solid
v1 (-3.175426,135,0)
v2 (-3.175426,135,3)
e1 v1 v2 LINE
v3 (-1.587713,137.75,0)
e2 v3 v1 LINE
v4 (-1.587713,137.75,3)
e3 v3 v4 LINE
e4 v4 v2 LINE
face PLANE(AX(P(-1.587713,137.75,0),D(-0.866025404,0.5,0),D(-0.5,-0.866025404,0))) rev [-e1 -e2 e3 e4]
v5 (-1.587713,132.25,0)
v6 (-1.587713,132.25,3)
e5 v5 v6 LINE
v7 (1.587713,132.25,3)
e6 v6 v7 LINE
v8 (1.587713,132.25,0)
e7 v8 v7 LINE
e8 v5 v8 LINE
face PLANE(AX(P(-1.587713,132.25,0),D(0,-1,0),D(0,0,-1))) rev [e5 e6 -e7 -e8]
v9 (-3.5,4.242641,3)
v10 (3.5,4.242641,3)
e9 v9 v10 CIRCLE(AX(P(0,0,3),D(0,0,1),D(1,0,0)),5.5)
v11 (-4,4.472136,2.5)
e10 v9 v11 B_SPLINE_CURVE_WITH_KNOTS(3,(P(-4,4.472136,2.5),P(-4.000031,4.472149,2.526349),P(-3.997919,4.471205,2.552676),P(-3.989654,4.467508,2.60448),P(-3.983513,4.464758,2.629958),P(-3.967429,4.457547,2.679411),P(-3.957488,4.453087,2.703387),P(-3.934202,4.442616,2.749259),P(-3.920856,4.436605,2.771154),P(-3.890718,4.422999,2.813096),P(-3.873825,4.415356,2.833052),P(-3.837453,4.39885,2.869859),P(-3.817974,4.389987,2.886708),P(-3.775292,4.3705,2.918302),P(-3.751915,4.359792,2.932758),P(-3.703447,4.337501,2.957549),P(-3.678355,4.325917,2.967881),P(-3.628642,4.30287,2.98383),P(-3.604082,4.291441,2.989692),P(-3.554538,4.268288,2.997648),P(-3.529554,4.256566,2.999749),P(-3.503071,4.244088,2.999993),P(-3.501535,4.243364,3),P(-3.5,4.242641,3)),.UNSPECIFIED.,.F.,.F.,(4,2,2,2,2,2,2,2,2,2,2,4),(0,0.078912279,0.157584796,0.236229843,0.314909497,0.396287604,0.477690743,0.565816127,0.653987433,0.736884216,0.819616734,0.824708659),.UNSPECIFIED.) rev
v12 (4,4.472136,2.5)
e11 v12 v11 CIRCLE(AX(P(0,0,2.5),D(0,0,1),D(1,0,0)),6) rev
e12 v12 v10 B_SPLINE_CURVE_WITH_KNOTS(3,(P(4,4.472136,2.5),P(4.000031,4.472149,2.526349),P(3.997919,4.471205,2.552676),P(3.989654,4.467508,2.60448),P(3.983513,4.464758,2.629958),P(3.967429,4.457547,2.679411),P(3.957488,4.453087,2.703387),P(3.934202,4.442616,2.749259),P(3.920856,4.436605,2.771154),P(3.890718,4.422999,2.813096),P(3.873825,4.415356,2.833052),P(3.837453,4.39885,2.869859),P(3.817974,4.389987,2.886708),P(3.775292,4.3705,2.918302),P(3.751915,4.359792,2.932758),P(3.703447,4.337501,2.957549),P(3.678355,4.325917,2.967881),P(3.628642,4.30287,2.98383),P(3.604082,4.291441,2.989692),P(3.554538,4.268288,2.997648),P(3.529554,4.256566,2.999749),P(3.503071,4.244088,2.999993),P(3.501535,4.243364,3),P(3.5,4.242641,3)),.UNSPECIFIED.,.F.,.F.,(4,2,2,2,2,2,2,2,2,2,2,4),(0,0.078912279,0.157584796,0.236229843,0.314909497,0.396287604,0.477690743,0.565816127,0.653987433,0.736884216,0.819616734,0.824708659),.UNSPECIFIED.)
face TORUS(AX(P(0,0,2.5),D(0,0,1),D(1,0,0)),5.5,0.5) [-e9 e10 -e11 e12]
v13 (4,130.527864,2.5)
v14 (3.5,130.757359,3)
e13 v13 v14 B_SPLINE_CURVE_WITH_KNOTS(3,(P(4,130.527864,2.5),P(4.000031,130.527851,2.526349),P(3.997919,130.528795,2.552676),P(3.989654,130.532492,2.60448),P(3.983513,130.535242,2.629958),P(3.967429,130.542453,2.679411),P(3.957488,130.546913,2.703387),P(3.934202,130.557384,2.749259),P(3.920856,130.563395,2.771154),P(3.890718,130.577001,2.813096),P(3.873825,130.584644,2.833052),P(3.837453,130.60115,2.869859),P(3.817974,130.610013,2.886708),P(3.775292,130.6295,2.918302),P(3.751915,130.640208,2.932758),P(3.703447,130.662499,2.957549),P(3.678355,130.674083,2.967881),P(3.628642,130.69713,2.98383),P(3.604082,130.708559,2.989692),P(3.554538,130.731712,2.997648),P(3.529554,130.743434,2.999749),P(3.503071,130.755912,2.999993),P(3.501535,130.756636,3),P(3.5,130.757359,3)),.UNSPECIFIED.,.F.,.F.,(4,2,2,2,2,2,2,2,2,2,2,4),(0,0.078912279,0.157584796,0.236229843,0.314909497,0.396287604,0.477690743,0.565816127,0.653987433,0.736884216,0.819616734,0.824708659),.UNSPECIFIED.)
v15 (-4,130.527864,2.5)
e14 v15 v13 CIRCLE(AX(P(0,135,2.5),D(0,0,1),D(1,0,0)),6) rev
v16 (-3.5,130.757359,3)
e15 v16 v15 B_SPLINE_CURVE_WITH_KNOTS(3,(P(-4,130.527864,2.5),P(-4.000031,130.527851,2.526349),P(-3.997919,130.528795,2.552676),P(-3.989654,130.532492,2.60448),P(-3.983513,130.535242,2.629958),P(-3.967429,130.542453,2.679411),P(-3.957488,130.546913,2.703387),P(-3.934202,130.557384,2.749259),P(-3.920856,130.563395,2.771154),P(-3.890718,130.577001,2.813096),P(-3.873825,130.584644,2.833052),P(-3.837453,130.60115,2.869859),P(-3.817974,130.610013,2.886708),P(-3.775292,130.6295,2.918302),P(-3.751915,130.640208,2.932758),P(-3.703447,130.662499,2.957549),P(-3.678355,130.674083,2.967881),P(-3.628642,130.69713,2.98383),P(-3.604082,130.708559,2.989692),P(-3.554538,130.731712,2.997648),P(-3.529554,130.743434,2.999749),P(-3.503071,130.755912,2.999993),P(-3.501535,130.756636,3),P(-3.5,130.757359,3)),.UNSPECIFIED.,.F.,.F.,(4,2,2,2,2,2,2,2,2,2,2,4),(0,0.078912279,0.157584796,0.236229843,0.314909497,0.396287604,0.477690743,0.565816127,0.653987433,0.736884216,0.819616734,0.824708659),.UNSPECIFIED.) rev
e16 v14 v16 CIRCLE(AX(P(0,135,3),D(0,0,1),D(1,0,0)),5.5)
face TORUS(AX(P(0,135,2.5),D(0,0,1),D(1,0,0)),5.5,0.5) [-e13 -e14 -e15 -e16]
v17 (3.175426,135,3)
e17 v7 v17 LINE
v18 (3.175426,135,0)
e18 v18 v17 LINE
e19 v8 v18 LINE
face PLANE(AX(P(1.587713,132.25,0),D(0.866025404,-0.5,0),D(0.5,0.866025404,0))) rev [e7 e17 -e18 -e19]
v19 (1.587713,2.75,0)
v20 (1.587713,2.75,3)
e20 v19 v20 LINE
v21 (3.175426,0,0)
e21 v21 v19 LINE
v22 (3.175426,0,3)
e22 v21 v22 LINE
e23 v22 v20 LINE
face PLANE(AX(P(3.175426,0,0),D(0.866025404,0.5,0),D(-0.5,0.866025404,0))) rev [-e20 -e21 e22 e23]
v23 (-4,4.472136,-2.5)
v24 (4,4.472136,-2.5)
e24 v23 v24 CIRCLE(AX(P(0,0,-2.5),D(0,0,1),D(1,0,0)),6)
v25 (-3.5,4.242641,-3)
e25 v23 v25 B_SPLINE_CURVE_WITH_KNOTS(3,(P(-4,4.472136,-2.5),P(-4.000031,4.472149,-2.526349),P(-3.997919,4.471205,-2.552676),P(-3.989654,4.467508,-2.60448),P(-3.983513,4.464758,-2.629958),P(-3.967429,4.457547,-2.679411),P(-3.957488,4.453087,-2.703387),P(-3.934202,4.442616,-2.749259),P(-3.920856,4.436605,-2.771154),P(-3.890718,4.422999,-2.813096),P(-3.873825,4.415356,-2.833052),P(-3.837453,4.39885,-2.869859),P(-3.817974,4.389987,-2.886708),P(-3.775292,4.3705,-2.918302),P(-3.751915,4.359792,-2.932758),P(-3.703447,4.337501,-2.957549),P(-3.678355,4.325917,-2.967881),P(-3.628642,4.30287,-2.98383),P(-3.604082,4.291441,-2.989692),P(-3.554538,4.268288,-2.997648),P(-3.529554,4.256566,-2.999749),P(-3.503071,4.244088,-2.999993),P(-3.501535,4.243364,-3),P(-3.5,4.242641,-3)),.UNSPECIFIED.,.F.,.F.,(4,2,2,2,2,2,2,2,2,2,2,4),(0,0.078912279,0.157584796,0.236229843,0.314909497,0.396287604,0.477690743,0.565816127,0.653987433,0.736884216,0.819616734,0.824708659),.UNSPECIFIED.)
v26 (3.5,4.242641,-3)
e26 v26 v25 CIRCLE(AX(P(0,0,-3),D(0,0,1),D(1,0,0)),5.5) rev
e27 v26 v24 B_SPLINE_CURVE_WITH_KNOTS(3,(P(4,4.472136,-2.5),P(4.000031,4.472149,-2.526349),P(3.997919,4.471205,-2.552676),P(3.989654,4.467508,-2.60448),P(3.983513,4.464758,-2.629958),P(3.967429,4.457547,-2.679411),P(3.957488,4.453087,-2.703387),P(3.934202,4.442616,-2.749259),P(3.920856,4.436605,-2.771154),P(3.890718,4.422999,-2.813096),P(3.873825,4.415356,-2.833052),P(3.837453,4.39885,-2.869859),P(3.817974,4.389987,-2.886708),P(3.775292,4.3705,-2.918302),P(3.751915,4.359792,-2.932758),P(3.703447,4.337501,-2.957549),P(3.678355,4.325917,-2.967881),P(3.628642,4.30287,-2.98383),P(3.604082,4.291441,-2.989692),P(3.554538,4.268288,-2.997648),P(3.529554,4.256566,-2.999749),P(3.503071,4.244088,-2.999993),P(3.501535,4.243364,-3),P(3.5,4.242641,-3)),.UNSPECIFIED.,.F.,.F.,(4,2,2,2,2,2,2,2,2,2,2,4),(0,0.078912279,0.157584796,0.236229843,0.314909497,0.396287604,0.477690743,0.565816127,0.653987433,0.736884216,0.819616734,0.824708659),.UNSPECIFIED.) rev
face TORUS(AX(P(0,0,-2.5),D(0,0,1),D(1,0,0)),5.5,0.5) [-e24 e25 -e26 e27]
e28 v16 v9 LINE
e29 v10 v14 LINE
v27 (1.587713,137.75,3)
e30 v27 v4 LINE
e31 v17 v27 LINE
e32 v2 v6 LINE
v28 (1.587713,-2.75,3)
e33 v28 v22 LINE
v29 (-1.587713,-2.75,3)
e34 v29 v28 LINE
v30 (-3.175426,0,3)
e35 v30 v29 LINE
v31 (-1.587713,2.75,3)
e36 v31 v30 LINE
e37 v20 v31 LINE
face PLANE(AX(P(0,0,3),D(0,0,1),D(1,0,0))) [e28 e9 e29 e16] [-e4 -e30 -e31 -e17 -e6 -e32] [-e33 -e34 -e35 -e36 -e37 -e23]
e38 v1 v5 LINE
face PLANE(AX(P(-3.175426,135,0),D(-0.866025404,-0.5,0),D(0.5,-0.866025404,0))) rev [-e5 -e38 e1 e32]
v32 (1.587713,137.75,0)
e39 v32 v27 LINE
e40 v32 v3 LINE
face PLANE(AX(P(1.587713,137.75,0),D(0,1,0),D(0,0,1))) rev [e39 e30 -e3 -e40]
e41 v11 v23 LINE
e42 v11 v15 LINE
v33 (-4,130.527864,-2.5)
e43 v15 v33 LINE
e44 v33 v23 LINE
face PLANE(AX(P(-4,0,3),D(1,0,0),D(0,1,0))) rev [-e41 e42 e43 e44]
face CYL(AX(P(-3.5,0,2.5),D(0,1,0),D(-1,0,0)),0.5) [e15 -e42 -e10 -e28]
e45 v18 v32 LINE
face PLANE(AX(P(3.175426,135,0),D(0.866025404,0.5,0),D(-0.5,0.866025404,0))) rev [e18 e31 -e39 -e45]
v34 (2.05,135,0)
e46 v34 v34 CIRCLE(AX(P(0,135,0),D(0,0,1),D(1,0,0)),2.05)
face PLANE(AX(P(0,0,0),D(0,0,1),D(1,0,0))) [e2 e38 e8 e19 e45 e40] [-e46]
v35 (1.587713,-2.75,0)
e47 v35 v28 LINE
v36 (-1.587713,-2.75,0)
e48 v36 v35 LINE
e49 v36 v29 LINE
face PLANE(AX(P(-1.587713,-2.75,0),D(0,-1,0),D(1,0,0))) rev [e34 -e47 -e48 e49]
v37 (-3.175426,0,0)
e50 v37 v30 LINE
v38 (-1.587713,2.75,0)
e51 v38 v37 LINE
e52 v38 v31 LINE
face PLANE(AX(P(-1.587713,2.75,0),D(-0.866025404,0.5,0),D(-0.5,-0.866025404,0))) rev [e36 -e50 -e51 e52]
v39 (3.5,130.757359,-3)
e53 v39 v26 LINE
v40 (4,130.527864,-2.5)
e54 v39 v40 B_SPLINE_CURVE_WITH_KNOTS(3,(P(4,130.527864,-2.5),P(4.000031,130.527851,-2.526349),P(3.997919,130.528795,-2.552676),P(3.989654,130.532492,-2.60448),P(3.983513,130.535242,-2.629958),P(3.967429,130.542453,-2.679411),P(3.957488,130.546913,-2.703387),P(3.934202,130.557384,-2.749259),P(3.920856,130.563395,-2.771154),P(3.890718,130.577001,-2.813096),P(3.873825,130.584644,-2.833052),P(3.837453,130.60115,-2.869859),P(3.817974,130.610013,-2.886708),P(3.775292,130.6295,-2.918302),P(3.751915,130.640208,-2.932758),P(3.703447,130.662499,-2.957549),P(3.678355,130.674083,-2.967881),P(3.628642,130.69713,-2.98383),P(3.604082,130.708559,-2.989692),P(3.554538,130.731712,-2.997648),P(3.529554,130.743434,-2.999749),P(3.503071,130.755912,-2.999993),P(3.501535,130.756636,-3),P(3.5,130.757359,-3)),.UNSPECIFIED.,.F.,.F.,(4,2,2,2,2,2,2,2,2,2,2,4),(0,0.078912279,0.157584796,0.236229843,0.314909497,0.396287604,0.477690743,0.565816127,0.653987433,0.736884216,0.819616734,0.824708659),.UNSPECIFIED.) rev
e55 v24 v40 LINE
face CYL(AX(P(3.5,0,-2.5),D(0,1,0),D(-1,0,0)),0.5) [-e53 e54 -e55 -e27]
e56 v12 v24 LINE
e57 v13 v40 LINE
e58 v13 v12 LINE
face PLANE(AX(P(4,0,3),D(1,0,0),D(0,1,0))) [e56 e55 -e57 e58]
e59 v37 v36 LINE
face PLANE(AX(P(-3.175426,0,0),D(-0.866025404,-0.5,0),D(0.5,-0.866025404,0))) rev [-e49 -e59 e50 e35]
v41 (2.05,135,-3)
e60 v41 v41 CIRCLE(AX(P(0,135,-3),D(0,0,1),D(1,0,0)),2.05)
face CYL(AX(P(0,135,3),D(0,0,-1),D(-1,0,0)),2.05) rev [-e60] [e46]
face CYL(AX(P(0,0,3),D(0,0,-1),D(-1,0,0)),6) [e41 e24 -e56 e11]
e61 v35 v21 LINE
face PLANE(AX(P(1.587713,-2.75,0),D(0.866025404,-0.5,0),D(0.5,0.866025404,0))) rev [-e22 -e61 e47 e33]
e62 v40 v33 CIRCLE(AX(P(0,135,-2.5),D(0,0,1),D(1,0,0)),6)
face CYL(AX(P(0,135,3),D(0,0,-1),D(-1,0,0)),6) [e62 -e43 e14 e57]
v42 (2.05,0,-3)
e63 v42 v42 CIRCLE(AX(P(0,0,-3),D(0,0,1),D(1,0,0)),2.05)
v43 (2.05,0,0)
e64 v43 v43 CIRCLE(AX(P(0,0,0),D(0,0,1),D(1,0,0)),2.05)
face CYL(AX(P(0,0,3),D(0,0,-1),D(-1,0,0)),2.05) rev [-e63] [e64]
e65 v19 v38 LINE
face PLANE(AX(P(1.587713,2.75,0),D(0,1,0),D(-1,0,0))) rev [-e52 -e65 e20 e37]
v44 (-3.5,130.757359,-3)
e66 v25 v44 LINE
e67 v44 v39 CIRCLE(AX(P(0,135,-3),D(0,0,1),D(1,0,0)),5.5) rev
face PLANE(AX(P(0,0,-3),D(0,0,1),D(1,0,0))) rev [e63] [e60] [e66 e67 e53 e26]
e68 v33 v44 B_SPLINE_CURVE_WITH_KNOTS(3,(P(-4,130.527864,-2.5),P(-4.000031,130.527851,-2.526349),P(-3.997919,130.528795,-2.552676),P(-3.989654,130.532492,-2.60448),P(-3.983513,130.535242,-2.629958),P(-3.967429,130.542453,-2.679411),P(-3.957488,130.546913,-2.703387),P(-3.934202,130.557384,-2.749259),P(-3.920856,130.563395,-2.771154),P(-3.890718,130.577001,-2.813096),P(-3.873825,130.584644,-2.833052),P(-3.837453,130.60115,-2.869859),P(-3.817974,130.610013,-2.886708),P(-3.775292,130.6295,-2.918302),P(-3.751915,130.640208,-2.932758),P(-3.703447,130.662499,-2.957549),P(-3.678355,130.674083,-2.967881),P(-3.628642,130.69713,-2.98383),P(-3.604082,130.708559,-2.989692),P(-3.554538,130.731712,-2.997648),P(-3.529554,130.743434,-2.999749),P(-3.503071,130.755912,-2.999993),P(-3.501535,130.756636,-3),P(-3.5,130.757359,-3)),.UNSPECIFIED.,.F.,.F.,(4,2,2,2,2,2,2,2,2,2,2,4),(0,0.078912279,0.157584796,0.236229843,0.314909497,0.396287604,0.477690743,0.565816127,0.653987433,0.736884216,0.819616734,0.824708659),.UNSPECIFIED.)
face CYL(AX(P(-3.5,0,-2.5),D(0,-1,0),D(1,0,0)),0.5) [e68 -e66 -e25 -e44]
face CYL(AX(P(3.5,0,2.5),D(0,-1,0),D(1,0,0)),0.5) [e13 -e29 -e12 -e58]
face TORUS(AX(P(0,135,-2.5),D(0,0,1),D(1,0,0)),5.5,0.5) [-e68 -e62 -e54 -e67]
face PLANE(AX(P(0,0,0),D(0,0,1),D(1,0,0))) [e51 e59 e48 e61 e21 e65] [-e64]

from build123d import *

# Parameters (mm, degrees)
SKETCH_1_R          = 2.05
EXTRUDE_1_DEPTH     = 3
CUT_EXTRUDE_1_DEPTH = 3
FILLET_1_R          = 0.5


with BuildPart() as part:
    # 草图1 → 凸台-拉伸1 (new, symmetric)
    with BuildSketch(Plane.XY):
        with BuildLine():
            Line((-4, 130.527864045), (-4, 4.472135955))
            ThreePointArc((-4, 4.472135955), (0, -6), (4, 4.472135955))
            Line((4, 4.472135955), (4, 130.527864045))
            ThreePointArc((4, 130.527864045), (0, 141), (-4, 130.527864045))
        make_face()
        Circle(SKETCH_1_R, mode=Mode.SUBTRACT)
        with Locations((0, 135)):
            Circle(SKETCH_1_R, mode=Mode.SUBTRACT)
    extrude(amount=EXTRUDE_1_DEPTH, both=True)

    # 草图2 → 切除-拉伸1 (cut)
    with BuildSketch(Plane.XY.offset(3)):
        Polygon((1.58771324, -2.75), (3.175426481, 0), (1.58771324, 2.75), (-1.58771324, 2.75), (-3.175426481, 0), (-1.58771324, -2.75), align=None)
        Polygon((1.58771324, 132.25), (3.175426481, 135), (1.58771324, 137.75), (-1.58771324, 137.75), (-3.175426481, 135), (-1.58771324, 132.25), align=None)
    extrude(amount=-CUT_EXTRUDE_1_DEPTH, mode=Mode.SUBTRACT)

    # 圆角1
    fillet_1_edges = [part.edges().sort_by_distance(p)[0] for p in [
        (-4, 67.5, 3),
        (0, -6, 3),
        (4, 67.5, 3),
        (0, 141, 3),
        (0, 141, -3),
        (4, 67.5, -3),
        (0, -6, -3),
        (-4, 67.5, -3),
    ]]
    fillet(fillet_1_edges, radius=FILLET_1_R)


solid = part.part
